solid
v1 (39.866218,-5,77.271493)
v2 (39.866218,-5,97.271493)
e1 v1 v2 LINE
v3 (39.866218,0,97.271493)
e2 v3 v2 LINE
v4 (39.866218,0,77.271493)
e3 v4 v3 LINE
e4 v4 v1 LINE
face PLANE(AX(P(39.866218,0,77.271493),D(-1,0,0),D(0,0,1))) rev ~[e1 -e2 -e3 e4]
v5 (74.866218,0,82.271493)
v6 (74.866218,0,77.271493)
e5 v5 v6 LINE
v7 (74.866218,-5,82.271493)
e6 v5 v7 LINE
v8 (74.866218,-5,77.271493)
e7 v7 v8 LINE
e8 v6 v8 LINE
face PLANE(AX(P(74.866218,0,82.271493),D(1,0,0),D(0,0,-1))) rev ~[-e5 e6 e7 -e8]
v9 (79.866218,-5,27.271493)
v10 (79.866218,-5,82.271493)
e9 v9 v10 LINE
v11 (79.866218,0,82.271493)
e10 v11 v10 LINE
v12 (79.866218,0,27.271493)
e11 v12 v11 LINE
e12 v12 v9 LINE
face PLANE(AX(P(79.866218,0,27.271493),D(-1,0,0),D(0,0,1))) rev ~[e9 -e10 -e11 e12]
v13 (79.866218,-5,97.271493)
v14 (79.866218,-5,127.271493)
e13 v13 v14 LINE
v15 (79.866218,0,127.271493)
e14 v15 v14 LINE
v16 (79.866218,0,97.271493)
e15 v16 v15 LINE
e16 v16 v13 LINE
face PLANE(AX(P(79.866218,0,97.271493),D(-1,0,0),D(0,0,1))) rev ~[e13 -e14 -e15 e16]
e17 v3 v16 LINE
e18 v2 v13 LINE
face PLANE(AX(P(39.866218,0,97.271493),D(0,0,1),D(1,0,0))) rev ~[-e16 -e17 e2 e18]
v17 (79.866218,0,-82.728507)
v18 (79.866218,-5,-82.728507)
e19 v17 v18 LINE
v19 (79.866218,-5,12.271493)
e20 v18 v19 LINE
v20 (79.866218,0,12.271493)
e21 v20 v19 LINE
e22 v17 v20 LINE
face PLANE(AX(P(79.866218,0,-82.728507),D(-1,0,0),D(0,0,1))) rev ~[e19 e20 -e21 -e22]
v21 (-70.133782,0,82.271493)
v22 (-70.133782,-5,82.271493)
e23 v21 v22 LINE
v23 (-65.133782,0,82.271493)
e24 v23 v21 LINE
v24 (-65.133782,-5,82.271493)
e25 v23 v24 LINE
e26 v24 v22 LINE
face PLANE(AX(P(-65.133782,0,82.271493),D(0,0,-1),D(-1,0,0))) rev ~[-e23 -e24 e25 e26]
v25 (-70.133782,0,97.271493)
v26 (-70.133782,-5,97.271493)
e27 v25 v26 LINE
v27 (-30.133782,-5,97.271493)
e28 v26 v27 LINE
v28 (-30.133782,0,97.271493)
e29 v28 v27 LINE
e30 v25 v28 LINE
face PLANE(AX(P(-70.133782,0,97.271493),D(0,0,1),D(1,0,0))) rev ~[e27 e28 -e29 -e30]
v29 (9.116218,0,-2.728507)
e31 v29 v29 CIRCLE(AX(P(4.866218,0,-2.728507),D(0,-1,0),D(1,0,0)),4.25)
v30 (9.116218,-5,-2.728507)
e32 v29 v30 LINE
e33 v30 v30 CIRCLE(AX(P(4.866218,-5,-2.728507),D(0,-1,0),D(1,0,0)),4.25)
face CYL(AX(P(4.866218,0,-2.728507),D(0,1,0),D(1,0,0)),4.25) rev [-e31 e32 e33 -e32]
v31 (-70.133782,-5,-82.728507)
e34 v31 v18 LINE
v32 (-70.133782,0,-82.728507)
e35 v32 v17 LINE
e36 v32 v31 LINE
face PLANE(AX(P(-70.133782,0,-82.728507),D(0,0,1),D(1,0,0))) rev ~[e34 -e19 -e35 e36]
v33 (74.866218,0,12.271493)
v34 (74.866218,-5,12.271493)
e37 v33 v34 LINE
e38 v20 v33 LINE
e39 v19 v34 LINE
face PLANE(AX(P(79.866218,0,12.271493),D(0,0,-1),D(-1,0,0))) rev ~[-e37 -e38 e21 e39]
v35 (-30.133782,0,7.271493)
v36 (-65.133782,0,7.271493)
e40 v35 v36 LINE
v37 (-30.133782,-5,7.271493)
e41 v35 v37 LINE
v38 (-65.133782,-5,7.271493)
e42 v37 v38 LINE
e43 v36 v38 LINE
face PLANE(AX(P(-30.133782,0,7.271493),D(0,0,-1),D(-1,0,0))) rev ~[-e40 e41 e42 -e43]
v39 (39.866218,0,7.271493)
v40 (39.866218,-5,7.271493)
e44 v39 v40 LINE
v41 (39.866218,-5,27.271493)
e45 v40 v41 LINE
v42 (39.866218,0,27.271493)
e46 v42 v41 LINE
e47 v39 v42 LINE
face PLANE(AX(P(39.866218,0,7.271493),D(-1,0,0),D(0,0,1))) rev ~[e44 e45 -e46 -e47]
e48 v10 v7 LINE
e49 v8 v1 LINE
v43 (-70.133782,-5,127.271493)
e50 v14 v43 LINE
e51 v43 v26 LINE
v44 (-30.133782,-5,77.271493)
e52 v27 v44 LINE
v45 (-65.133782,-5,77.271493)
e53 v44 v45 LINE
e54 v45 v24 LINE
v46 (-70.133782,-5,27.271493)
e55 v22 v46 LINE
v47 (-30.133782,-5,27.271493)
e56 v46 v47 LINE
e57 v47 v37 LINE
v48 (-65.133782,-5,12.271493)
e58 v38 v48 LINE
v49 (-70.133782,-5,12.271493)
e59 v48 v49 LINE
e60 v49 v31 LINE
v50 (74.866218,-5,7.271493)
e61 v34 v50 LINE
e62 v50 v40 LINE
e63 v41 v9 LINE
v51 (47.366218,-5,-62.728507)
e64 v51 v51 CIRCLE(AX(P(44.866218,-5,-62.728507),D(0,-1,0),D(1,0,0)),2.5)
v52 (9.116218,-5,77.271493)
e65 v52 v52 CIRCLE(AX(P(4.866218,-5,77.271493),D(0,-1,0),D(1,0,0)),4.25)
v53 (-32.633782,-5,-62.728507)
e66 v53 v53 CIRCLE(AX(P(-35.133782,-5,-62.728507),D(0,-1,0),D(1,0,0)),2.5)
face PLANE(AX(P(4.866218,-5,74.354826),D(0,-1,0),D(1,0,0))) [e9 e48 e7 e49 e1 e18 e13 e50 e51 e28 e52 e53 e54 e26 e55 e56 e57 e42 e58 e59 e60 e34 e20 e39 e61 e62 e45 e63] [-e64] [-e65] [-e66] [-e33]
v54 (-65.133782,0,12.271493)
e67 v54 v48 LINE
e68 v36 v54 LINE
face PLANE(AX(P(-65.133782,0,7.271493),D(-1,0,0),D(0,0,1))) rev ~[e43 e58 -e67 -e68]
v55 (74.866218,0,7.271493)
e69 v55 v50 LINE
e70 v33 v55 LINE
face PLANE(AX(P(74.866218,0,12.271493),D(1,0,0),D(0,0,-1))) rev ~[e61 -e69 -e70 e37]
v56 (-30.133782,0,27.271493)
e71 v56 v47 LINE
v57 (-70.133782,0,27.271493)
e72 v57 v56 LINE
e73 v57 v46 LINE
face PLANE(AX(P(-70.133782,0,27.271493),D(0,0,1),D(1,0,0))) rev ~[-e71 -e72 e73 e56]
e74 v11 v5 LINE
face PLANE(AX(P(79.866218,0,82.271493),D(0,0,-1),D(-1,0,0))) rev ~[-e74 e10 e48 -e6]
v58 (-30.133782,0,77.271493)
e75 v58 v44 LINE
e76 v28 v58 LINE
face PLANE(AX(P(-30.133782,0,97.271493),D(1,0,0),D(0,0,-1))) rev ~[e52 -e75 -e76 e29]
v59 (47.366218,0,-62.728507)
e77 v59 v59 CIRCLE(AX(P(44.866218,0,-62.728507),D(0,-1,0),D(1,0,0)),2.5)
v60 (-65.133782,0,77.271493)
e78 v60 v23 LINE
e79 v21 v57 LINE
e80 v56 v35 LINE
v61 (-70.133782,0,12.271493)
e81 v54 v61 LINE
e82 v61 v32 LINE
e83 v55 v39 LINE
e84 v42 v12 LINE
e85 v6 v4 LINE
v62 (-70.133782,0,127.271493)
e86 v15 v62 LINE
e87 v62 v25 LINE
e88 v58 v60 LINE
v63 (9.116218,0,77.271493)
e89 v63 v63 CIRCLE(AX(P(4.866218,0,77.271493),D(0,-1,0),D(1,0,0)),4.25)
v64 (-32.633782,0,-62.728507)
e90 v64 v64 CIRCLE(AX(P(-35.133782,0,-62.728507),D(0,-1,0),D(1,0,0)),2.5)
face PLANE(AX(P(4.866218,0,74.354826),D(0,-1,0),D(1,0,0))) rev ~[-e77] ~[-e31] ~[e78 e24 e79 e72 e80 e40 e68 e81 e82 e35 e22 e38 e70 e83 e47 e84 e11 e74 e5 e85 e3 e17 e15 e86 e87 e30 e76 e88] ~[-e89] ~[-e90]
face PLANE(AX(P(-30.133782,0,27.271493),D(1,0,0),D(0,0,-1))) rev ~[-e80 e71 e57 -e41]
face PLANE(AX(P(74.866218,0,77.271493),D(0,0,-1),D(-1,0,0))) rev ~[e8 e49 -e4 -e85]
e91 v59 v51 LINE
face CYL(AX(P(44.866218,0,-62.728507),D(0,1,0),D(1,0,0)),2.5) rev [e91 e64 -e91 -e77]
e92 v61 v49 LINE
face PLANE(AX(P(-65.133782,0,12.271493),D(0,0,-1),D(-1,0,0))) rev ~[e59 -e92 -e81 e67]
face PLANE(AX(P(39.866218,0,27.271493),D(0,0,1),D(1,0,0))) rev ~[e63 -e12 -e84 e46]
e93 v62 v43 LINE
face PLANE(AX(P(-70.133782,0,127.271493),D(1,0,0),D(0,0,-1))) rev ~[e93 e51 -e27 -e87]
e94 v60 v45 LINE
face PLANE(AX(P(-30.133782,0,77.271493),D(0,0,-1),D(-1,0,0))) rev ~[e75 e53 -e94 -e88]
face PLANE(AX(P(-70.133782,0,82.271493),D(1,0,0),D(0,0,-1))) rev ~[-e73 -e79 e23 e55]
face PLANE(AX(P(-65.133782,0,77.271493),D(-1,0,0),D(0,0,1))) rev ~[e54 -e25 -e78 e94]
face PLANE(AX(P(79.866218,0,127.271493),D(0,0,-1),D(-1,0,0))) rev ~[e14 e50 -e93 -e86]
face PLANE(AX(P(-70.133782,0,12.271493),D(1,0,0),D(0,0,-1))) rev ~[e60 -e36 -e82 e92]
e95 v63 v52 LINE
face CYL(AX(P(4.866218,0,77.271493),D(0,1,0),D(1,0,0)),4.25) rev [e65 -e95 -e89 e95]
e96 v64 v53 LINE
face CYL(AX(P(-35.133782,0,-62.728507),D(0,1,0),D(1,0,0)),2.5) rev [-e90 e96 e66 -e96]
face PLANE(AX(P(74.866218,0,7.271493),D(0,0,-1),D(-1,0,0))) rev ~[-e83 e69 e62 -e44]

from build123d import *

# Parameters (mm, degrees)
F0_R     = 4.25
F0_R_2   = 2.5
F1_DEPTH = 5


with BuildPart() as f1:
    # F0 (on Front) → F1 (new body)
    with BuildSketch(Plane.XZ):
        Polygon((79.866218, 127.271493), (-70.133782, 127.271493), (-70.133782, 97.271493), (-30.133782, 97.271493), (-30.133782, 77.271493), (-65.133782, 77.271493), (-65.133782, 82.271493), (-70.133782, 82.271493), (-70.133782, 27.271493), (-30.133782, 27.271493), (-30.133782, 7.271493), (39.866218, 7.271493), (39.866218, 27.271493), (79.866218, 27.271493), (79.866218, 82.271493), (74.866218, 82.271493), (74.866218, 77.271493), (39.866218, 77.271493), (39.866218, 97.271493), (79.866218, 97.271493), align=None)
        with Locations((4.866218, 77.271493)):
            Circle(F0_R, mode=Mode.SUBTRACT)
        Polygon((-65.133782, 12.271493), (-70.133782, 12.271493), (-70.133782, -82.728507), (79.866218, -82.728507), (79.866218, -12.728507), (79.866218, 12.271493), (74.866218, 12.271493), (74.866218, 7.271493), (39.866218, 7.271493), (-30.133782, 7.271493), (-65.133782, 7.271493), align=None)
        with Locations((-35.133782, -62.728507)):
            Circle(F0_R_2, mode=Mode.SUBTRACT)
        with Locations((44.866218, -62.728507)):
            Circle(F0_R_2, mode=Mode.SUBTRACT)
        with Locations((4.866218, -2.728507)):
            Circle(F0_R, mode=Mode.SUBTRACT)
    extrude(amount=F1_DEPTH)


solid = f1.part
